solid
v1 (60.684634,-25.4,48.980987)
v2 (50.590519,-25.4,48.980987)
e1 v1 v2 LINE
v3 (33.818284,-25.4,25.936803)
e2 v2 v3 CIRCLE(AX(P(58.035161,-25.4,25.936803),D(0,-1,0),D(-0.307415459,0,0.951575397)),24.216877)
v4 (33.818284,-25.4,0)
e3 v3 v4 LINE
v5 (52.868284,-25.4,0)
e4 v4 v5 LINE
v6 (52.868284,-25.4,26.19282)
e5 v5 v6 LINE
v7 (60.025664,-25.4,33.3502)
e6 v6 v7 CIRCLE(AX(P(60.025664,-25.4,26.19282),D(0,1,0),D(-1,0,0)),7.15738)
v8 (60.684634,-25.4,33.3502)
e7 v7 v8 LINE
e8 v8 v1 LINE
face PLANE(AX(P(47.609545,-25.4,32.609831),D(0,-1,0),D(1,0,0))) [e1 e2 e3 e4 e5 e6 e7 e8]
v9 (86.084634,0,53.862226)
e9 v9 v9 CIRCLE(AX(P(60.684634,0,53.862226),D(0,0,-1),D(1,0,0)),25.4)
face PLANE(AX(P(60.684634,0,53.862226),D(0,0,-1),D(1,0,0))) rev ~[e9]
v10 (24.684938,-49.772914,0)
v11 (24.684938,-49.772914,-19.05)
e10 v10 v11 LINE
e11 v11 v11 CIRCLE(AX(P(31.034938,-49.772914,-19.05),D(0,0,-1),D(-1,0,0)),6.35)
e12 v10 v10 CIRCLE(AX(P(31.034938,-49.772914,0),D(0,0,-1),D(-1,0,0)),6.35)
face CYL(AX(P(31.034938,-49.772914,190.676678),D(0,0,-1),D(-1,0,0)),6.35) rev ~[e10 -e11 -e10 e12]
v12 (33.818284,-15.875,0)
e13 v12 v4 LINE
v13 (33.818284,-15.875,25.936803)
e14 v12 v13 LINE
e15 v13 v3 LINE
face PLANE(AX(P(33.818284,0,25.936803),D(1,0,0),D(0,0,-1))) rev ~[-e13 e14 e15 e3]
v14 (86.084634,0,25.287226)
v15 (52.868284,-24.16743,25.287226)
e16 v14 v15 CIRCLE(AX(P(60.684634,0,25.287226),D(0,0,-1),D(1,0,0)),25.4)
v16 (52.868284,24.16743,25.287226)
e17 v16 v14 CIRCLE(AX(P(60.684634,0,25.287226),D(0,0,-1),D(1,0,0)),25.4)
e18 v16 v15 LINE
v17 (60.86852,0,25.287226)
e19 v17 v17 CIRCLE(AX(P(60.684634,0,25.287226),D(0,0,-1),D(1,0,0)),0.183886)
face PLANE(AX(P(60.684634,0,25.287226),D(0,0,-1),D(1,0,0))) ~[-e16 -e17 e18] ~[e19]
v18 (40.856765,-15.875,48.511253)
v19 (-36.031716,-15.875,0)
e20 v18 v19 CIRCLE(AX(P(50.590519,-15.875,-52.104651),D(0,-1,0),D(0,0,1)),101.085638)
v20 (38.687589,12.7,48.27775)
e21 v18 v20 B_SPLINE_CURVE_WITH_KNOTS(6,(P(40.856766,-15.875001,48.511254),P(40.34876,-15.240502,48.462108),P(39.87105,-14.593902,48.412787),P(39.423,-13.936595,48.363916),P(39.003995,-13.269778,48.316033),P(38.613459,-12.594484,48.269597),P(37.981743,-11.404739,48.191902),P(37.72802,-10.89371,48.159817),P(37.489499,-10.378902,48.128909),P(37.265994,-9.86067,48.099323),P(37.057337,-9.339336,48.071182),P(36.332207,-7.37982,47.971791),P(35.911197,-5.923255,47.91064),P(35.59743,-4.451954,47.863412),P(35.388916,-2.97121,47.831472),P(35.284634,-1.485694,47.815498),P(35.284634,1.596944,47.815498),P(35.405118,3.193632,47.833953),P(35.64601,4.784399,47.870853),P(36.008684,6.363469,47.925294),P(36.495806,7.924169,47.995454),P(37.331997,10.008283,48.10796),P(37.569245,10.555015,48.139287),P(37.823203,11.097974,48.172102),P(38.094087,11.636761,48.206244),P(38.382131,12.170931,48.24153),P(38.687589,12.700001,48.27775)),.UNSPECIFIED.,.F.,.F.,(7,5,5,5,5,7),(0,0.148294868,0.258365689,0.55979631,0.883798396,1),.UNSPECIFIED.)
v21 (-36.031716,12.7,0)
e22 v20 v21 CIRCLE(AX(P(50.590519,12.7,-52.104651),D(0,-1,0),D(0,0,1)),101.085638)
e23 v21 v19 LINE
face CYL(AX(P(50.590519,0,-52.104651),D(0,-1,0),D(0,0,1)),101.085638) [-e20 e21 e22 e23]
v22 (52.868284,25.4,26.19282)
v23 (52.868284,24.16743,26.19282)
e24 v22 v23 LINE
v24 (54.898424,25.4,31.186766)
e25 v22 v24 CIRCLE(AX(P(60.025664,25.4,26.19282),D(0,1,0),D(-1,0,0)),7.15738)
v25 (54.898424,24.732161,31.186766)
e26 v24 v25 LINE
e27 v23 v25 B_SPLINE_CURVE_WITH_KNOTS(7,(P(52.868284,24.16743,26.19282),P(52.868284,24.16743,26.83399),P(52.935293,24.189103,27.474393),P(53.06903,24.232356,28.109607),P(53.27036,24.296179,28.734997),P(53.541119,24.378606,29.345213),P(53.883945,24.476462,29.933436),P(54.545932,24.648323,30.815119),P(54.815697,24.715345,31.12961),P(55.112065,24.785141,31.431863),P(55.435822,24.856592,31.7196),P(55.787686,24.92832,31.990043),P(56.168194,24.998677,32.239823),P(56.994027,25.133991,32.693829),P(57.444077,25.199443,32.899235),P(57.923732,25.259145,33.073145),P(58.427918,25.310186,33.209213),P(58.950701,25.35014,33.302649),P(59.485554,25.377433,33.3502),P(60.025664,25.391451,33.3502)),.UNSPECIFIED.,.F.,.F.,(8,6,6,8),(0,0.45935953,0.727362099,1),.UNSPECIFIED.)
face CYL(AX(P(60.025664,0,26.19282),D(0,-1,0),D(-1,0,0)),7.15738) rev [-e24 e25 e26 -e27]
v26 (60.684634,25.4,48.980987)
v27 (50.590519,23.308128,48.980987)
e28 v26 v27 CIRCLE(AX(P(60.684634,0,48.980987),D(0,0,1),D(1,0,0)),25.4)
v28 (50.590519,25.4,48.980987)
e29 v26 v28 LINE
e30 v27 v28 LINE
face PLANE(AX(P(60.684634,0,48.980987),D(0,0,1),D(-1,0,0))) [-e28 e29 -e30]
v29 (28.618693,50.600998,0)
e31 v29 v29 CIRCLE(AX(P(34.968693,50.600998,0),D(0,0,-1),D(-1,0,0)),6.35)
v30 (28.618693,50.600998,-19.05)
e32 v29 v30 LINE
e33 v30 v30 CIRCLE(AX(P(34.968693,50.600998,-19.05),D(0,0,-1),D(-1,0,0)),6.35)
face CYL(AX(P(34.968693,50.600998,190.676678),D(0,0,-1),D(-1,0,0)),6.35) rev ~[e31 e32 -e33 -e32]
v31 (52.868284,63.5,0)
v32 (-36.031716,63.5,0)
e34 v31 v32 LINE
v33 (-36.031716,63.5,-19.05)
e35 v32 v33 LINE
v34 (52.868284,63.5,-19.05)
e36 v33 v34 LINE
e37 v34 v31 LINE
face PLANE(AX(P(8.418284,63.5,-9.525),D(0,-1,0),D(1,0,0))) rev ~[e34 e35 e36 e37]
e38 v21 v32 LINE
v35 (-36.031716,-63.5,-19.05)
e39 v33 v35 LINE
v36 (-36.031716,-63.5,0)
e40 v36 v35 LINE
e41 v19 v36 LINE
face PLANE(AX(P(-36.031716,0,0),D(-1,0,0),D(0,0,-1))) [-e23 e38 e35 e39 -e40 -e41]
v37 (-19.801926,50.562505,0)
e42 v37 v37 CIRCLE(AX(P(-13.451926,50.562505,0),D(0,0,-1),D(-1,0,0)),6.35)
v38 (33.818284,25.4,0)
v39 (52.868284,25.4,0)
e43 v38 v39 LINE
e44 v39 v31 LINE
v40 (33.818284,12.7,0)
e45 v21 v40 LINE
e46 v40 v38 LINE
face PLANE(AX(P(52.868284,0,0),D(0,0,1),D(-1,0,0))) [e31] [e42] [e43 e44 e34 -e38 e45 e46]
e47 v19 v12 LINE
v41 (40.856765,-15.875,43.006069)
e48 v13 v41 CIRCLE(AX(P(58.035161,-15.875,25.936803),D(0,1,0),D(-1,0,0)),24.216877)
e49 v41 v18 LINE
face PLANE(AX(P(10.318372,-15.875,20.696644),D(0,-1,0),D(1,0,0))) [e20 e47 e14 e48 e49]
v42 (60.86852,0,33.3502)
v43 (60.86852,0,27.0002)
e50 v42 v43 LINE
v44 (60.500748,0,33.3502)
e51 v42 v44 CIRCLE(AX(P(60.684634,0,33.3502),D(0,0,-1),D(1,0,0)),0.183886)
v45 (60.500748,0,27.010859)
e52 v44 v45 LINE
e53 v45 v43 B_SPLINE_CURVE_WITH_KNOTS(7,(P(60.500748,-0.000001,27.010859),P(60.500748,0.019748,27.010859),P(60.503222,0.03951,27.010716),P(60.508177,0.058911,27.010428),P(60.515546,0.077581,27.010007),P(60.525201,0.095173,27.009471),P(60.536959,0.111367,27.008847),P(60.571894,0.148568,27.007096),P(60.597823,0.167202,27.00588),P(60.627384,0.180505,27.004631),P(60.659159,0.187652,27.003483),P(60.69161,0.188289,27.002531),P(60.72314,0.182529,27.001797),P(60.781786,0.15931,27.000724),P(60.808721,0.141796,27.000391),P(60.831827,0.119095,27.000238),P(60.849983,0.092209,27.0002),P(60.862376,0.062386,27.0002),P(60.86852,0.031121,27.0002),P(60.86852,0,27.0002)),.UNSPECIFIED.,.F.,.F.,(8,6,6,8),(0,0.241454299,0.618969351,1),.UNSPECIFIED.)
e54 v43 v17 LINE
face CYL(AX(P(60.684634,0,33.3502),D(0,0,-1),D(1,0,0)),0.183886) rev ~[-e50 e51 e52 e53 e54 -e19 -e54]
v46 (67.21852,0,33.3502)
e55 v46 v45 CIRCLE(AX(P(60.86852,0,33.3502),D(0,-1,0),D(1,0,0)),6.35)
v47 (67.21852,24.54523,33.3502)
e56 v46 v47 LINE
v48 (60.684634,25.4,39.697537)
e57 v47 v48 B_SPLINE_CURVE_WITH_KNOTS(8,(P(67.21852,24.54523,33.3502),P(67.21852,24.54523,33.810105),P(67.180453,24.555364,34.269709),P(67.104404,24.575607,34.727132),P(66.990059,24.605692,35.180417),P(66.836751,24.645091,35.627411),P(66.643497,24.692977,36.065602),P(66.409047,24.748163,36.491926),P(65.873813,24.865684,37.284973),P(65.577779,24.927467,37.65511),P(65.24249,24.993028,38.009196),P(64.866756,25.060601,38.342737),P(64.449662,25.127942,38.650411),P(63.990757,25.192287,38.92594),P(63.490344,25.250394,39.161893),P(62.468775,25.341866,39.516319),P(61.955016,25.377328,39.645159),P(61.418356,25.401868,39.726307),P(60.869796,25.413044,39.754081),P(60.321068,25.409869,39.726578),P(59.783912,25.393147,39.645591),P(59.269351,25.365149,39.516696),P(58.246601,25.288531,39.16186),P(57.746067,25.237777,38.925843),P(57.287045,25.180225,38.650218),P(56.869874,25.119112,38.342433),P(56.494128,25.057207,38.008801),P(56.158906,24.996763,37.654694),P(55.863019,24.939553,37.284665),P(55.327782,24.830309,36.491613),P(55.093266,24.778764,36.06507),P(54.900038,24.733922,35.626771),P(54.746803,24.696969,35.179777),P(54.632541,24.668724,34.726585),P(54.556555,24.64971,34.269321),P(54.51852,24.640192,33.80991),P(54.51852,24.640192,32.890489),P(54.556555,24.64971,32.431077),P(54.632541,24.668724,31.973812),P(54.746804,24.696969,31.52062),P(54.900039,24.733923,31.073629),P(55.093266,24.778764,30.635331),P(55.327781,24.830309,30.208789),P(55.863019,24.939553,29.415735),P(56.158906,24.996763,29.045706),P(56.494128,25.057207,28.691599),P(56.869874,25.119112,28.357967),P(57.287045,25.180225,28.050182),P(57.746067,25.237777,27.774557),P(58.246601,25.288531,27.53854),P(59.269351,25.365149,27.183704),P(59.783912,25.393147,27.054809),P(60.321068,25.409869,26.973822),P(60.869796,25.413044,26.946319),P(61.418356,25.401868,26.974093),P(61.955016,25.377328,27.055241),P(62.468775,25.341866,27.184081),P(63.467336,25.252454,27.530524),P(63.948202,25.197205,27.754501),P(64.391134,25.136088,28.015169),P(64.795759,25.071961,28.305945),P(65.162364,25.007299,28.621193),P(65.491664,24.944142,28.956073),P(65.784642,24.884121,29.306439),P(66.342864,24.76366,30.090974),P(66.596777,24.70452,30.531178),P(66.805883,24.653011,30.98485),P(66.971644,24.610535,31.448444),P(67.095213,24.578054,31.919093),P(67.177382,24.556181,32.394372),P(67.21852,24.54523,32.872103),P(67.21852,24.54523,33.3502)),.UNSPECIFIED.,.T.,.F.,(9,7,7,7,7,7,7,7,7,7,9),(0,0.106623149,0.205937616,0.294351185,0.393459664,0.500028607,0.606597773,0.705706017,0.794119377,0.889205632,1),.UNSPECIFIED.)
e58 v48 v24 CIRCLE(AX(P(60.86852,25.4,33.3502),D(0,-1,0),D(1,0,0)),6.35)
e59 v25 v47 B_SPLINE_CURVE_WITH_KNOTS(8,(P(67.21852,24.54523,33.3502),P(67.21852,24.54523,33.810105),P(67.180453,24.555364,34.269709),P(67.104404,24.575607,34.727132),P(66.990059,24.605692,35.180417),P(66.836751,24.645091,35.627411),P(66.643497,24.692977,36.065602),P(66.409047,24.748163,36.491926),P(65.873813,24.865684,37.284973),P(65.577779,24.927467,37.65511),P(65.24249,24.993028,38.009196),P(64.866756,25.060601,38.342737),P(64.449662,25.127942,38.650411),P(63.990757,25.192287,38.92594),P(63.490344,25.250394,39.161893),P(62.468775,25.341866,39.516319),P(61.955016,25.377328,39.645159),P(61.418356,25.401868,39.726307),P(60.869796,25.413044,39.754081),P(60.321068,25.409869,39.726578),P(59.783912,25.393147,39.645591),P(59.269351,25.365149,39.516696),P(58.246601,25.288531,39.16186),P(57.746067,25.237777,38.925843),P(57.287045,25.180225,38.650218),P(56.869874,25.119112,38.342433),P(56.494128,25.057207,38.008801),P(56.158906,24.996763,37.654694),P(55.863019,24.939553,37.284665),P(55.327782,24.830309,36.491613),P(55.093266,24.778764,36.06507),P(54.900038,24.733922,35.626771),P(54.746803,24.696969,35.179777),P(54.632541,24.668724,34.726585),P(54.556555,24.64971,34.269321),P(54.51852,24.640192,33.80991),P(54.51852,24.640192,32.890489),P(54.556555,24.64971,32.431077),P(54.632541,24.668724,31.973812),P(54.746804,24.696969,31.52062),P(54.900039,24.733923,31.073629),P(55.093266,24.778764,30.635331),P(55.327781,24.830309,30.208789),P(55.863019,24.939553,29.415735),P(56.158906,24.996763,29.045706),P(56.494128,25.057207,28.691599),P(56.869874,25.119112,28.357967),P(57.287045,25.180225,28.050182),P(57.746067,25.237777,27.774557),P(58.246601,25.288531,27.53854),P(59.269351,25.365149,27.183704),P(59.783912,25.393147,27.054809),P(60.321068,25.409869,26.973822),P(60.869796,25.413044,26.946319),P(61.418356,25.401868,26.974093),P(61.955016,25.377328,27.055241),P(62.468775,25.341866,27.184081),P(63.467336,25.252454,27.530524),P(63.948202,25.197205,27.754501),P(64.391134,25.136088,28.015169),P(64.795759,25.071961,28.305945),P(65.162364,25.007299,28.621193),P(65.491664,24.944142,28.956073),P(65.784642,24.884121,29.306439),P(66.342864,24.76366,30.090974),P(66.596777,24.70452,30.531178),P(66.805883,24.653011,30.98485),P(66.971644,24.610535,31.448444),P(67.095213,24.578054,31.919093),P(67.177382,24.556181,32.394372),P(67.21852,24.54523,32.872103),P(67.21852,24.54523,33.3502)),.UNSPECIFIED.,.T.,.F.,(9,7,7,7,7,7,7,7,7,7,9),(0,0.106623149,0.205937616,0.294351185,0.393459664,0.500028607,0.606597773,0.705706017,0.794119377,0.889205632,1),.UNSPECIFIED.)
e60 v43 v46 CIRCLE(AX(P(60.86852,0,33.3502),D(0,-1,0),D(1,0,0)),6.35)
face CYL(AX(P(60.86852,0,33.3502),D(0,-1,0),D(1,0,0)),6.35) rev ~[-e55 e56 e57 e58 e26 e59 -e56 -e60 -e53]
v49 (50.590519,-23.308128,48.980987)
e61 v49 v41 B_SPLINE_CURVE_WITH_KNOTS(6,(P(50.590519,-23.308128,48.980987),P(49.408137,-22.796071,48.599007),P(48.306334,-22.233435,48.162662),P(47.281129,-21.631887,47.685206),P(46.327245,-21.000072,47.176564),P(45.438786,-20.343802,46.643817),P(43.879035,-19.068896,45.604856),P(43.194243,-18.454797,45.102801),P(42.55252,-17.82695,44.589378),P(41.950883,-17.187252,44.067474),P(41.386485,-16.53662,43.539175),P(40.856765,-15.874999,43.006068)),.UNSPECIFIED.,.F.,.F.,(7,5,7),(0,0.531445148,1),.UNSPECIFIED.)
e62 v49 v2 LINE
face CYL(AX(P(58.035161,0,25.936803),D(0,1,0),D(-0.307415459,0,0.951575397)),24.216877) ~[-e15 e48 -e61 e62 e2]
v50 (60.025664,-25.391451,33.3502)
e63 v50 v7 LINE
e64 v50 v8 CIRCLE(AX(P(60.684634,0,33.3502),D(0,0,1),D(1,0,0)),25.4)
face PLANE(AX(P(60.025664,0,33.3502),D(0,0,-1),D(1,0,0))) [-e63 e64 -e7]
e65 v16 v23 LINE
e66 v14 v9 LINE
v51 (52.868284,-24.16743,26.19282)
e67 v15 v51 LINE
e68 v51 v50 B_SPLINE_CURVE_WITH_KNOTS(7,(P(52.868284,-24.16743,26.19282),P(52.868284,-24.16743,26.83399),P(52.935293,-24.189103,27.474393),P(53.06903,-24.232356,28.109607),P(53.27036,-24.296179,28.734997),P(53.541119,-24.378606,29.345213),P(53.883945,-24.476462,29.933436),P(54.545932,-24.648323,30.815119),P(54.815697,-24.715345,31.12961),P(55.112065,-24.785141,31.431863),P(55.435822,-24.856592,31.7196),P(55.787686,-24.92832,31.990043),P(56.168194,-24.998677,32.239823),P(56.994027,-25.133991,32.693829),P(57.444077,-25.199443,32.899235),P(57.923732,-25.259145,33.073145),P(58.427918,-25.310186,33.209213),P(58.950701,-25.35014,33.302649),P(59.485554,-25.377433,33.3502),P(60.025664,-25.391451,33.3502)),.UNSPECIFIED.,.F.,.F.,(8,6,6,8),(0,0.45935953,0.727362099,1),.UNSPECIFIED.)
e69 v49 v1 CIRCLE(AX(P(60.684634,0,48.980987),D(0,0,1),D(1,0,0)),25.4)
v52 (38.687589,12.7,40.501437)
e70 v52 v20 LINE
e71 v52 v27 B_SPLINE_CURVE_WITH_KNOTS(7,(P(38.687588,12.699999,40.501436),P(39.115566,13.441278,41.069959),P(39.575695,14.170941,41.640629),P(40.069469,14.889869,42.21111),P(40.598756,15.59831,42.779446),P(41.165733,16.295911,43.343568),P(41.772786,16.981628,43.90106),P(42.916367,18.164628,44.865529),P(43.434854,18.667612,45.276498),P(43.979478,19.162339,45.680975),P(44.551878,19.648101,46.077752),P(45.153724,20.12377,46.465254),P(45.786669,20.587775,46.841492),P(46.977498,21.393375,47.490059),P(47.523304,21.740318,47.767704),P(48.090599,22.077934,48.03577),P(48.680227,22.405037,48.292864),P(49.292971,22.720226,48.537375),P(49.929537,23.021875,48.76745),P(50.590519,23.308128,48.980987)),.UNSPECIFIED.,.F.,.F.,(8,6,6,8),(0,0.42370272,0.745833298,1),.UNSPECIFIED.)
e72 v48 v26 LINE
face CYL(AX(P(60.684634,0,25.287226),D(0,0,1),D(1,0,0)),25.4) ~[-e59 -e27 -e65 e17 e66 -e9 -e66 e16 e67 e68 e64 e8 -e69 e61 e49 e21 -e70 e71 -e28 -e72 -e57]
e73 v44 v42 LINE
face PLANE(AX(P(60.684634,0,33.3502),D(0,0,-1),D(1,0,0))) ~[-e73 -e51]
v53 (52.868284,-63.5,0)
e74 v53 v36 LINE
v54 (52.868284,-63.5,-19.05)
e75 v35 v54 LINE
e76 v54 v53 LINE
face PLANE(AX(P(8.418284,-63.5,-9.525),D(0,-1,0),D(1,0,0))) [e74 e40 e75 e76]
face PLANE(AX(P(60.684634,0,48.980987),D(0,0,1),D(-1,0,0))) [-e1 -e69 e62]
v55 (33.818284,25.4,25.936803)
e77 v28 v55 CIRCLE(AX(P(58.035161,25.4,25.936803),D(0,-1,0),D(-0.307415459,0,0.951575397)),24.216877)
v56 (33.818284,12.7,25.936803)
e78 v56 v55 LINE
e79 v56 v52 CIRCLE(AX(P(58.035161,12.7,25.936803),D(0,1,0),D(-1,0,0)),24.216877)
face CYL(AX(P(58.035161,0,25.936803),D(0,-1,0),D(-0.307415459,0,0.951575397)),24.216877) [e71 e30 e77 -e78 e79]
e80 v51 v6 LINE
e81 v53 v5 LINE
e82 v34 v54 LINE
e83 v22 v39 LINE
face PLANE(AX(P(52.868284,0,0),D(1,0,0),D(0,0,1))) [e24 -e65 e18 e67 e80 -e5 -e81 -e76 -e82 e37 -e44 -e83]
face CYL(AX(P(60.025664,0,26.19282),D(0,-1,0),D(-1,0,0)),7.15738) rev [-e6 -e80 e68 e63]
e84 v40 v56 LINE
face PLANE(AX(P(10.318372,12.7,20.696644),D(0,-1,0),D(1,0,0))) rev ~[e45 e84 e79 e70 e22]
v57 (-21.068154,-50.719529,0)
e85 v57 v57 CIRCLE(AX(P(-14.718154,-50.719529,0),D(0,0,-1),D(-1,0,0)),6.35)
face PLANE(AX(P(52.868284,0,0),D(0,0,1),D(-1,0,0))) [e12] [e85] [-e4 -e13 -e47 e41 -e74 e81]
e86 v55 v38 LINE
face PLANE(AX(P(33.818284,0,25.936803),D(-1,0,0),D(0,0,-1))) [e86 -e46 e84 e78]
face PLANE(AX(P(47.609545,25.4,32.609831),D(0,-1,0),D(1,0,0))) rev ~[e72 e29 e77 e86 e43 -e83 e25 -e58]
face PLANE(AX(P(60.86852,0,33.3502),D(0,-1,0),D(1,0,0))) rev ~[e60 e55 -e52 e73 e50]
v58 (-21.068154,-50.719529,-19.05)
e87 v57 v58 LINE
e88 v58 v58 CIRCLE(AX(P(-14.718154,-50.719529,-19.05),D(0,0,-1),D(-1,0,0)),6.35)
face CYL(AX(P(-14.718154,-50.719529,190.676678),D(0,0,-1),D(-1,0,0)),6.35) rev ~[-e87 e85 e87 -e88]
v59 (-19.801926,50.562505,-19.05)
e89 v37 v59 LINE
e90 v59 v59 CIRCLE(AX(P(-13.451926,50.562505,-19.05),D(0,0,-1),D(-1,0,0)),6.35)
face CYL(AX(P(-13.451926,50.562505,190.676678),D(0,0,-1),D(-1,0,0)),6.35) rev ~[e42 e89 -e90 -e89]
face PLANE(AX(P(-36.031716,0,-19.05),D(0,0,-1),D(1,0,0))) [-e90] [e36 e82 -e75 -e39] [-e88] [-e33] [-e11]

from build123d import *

# Parameters (mm, degrees)
F1_DEPTH        = 63.5
F2_DEPTH        = 15.875
F3_DEPTH        = 63.5
F0_W            = 19.05
F0_H            = 17.5050515682
F4_DEPTH        = 25.4
F5_DEPTH        = 25.4
F6_DEPTH        = 25.4
F7_DEPTH        = 12.7
F10_D           = 12.7
F10_ON_F0_D     = 12.7
F10_ON_F0_DEPTH = 63.501


with BuildPart() as f1:
    # F0 (on Front) → F1 (new body)
    with BuildSketch(Plane.XZ):
        Polygon((-36.0317155719, 0), (-36.0317155719, -19.05), (52.8682844281, -19.05), (52.8682844281, 0), (33.8182844281, 0), align=None)
    extrude(amount=F1_DEPTH)

    # F0 (on Front) → F2 (join)
    with BuildSketch(Plane.XZ):
        with BuildLine():
            ThreePointArc((50.590518862, 48.9809869127), (0.8347438774, 35.8877863894), (-36.0317155719, 0))
            Line((-36.0317155719, 0), (33.8182844281, 0))
            Line((33.8182844281, 0), (33.8182844281, 17.5050515682))
            Line((33.8182844281, 17.5050515682), (33.8182844281, 25.9368028492))
            ThreePointArc((33.8182844281, 25.9368028492), (38.4552849671, 40.1876121864), (50.590518862, 48.9809869127))
        make_face()
    extrude(amount=F2_DEPTH)

    # F0 (on Front) → F3 (join)
    with BuildSketch(Plane.XZ):
        Polygon((-36.0317155719, 0), (-36.0317155719, -19.05), (52.8682844281, -19.05), (52.8682844281, 0), (33.8182844281, 0), align=None)
    extrude(amount=-F3_DEPTH)

    # F0 (on Front) → F4 (join)
    with BuildSketch(Plane.XZ):
        with BuildLine():
            Line((60.4371747272, 48.9809869127), (50.590518862, 48.9809869127))
            ThreePointArc((50.590518862, 48.9809869127), (38.4552849671, 40.1876121864), (33.8182844281, 25.9368028492))
            Line((33.8182844281, 25.9368028492), (33.8182844281, 17.5050515682))
            Line((33.8182844281, 17.5050515682), (52.8682844281, 17.5050515682))
            Line((52.8682844281, 17.5050515682), (52.8682844281, 26.1928199722))
            ThreePointArc((52.8682844281, 26.1928199722), (54.9646325027, 31.2538519254), (60.0256644559, 33.3502))
            Line((60.0256644559, 33.3502), (60.6846340656, 33.3502))
            Line((60.6846340656, 33.3502), (60.6846340656, 48.9809869127))
            Line((60.6846340656, 48.9809869127), (60.4371747272, 48.9809869127))
        make_face()
        with Locations((43.3432844281, 8.7525257841)):
            Rectangle(F0_W, F0_H)
    extrude(amount=F4_DEPTH)

    # F0 (on Front) → F5 (join)
    with BuildSketch(Plane.XZ):
        with BuildLine():
            Line((60.4371747272, 48.9809869127), (50.590518862, 48.9809869127))
            ThreePointArc((50.590518862, 48.9809869127), (38.4552849671, 40.1876121864), (33.8182844281, 25.9368028492))
            Line((33.8182844281, 25.9368028492), (33.8182844281, 17.5050515682))
            Line((33.8182844281, 17.5050515682), (52.8682844281, 17.5050515682))
            Line((52.8682844281, 17.5050515682), (52.8682844281, 26.1928199722))
            ThreePointArc((52.8682844281, 26.1928199722), (54.9646325027, 31.2538519254), (60.0256644559, 33.3502))
            Line((60.0256644559, 33.3502), (60.6846340656, 33.3502))
            Line((60.6846340656, 33.3502), (60.6846340656, 48.9809869127))
            Line((60.6846340656, 48.9809869127), (60.4371747272, 48.9809869127))
        make_face()
        with Locations((43.3432844281, 8.7525257841)):
            Rectangle(F0_W, F0_H)
    extrude(amount=-F5_DEPTH)

    # F0 (on Front) → F6 (join)
    with BuildSketch(Plane.XZ):
        with Locations((43.3432844281, 8.7525257841)):
            Rectangle(F0_W, F0_H)
    extrude(amount=-F6_DEPTH)

    # F0 (on Front) → F7 (join)
    with BuildSketch(Plane.XZ):
        with BuildLine():
            ThreePointArc((50.590518862, 48.9809869127), (0.8347438774, 35.8877863894), (-36.0317155719, 0))
            Line((-36.0317155719, 0), (33.8182844281, 0))
            Line((33.8182844281, 0), (33.8182844281, 17.5050515682))
            Line((33.8182844281, 17.5050515682), (33.8182844281, 25.9368028492))
            ThreePointArc((33.8182844281, 25.9368028492), (38.4552849671, 40.1876121864), (50.590518862, 48.9809869127))
        make_face()
    extrude(amount=-F7_DEPTH)

    # F0 (on Front) → F8 (revolve)
    with BuildSketch(Plane.XZ):
        Polygon((60.6846340656, 53.8622255534), (60.6846340656, 48.9809869127), (60.6846340656, 33.3502), (60.8685202897, 33.3502), (60.8685202897, 25.2872255534), (86.0846340656, 25.2872255534), (86.0846340656, 53.8622255534), align=None)
    revolve(axis=Axis((60.6846340656, 0, 39.5747255534), (0, 0, -1)))

    # F10 (through all)
    with Locations(Plane.XY):
        with Locations((-13.4519258065, 50.5625051313), (34.9686927695, 50.6009981846), (31.0349383496, -49.7729142204), (-14.7181544946, -50.7195290418)):
            Hole(F10_D / 2)

    # F10 on F0 (through all, one way)
    with BuildSketch(Plane.XZ):
        with Locations((60.8685202897, 33.3502)):
            Circle(F10_ON_F0_D / 2)
    extrude(amount=-F10_ON_F0_DEPTH, mode=Mode.SUBTRACT)


solid = f1.part
